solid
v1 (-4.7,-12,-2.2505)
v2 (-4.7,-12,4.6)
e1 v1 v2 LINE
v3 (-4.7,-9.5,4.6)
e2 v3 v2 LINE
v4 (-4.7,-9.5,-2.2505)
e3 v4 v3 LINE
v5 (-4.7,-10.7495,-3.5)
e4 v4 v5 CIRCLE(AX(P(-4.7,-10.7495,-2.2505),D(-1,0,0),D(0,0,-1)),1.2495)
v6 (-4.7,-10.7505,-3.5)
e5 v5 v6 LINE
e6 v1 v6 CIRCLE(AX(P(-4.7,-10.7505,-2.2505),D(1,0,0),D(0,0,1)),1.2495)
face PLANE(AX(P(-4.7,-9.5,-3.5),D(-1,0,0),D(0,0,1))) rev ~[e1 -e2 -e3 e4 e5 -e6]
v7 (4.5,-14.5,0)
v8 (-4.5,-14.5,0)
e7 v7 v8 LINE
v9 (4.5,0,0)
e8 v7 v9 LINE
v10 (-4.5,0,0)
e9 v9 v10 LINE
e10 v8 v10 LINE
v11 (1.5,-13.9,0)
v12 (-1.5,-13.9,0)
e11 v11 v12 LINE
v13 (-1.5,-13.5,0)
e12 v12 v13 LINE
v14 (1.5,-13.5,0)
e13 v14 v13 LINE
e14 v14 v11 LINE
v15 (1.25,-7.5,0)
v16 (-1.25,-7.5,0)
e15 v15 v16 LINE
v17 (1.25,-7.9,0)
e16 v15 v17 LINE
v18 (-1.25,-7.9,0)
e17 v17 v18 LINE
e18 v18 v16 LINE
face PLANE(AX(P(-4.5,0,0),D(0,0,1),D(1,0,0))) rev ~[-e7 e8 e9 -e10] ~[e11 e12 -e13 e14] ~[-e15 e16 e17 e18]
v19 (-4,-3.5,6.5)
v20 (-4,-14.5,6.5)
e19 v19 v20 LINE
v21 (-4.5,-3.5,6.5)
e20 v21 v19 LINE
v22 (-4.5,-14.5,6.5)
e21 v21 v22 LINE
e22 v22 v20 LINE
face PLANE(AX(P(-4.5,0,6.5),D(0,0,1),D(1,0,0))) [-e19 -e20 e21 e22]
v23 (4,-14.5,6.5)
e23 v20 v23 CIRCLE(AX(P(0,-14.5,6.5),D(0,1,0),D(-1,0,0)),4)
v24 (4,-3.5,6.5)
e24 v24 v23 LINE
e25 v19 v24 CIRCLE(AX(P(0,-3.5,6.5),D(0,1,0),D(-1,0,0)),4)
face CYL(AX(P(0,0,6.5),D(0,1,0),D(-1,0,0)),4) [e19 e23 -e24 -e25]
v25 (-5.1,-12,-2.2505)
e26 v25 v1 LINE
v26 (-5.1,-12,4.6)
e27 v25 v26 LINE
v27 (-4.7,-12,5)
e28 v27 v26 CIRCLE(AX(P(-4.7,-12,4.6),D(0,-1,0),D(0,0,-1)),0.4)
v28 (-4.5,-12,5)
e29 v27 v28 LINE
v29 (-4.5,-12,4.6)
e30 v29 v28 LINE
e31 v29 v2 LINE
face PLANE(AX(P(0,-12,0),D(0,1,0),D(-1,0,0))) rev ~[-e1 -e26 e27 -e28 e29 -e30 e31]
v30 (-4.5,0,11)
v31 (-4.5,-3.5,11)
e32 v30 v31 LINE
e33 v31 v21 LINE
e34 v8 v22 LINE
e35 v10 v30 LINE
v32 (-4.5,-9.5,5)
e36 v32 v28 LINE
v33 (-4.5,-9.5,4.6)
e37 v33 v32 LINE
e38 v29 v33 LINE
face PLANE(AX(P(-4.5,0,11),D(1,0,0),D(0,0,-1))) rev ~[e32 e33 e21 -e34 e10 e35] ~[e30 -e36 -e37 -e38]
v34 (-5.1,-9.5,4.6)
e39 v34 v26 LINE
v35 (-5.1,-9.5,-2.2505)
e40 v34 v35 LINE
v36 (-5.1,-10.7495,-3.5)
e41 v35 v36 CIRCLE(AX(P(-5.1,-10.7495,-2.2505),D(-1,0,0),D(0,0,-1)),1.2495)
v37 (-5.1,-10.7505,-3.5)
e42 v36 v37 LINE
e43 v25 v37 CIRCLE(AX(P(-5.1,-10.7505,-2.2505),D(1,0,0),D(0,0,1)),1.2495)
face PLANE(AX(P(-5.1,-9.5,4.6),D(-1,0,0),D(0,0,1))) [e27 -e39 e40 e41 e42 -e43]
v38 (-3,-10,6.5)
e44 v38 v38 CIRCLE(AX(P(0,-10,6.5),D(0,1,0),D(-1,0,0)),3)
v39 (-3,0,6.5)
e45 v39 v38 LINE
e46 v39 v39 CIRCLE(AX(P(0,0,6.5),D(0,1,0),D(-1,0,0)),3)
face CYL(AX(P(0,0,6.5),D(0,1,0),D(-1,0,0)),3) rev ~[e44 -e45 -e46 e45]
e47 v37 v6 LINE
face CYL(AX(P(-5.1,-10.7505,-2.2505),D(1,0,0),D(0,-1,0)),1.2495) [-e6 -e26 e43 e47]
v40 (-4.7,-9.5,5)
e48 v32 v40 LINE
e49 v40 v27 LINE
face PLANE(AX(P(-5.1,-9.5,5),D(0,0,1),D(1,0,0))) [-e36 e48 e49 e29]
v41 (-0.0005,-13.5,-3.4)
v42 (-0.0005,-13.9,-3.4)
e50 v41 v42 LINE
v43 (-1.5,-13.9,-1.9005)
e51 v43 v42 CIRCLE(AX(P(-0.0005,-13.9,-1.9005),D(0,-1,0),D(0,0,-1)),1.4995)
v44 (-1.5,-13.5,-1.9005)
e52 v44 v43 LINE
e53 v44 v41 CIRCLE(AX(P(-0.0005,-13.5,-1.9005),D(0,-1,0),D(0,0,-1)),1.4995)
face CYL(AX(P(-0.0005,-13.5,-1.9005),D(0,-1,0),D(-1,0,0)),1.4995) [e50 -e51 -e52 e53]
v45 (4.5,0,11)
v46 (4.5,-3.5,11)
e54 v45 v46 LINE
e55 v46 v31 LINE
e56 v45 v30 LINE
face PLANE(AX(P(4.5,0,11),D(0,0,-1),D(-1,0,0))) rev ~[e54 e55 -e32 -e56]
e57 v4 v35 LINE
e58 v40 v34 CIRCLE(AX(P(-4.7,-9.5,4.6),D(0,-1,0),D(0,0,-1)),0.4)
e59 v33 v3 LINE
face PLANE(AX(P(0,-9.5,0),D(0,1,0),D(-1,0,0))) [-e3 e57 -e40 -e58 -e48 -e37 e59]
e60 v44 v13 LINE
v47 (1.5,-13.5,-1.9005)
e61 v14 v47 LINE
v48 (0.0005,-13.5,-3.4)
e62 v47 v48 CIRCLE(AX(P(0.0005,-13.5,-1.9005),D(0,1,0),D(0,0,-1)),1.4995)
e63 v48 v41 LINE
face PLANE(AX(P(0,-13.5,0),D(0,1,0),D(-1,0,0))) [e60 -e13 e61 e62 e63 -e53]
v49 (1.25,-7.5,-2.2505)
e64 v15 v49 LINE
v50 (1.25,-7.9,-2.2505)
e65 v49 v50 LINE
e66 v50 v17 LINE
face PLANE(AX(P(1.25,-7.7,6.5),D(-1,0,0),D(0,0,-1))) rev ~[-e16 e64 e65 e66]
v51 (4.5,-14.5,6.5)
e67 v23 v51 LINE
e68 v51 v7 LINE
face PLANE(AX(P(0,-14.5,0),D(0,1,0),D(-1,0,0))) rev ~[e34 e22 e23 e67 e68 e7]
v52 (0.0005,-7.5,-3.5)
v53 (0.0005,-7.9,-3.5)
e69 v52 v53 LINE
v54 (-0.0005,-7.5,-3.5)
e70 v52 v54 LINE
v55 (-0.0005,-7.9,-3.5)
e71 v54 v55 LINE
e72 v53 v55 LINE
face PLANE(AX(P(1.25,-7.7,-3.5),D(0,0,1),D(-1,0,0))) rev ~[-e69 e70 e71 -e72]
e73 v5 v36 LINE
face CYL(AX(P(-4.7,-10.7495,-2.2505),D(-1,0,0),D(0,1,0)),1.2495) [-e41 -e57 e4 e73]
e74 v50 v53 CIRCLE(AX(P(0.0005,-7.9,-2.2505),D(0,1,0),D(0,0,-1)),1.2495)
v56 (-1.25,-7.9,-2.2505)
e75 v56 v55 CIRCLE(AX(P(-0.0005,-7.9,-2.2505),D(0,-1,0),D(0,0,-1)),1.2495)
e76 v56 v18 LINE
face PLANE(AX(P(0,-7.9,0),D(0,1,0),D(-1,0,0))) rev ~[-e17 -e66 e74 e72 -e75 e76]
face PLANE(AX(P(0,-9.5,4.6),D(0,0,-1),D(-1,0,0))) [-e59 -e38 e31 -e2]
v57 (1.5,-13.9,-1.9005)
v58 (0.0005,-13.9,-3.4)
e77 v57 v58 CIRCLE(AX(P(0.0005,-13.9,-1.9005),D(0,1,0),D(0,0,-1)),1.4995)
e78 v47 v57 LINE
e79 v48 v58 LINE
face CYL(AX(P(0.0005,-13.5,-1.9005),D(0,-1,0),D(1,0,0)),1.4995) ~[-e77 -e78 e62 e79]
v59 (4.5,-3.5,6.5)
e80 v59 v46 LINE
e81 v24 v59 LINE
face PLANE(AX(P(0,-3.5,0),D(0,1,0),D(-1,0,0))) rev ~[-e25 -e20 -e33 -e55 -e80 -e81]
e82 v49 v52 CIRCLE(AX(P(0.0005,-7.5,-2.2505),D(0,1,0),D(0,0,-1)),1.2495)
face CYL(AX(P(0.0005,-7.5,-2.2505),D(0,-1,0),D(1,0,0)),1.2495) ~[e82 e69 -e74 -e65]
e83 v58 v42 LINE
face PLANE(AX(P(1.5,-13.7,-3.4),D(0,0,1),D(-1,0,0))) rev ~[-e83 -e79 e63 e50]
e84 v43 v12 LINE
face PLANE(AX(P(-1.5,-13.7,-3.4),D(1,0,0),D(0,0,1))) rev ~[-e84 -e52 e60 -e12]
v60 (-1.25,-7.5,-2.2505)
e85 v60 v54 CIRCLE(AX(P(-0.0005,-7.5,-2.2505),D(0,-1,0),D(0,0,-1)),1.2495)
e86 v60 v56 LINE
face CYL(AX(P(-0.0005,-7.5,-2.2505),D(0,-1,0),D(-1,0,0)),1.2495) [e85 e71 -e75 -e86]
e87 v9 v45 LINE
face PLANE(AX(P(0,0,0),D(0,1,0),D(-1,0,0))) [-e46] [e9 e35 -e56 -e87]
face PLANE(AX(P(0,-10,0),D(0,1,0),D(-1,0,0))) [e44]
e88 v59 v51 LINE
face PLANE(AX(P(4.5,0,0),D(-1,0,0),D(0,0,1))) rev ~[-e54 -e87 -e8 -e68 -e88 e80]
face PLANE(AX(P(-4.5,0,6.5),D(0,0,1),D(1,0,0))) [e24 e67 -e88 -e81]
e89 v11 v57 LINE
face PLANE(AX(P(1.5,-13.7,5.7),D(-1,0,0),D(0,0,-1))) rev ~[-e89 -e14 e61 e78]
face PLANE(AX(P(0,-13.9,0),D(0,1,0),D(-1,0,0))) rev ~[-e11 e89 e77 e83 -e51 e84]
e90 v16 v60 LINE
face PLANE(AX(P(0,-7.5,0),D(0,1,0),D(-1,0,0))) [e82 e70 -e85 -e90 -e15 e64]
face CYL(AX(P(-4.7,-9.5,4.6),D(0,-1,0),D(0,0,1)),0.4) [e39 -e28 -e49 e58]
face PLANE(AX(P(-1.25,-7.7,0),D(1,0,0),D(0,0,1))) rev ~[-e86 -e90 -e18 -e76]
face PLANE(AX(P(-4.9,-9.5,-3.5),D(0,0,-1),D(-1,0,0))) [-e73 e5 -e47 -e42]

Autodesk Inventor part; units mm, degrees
sketch "スケッチ1" plane through (0, 0, 0) normal (0, 1, 0) x (-1, 0, 0)
  line L0 (-4.5, 11) -> (4.5, 11)
  line L1 (4.5, 11) -> (4.5, 0)
  line L2 (4.5, 0) -> (-4.5, 0)
  line L3 (-4.5, 0) -> (-4.5, 11)
  point P0 (0, 0)
  dimension "d0" = 9
  dimension "d1" = 4.5
  dimension "d2" = 11
extrude "押し出し1" add sketch "スケッチ1" against normal blind 3.5
sketch "スケッチ3" plane through (0, 0, 0) normal (0, 1, 0) x (-1, 0, 0)
  circle A0 centre (0, 6.5) radius 4
  line L0 (-4, 6.5) -> (4, 6.5)
  line L1 (4, 6.5) -> (4, 0)
  line L2 (4, 0) -> (-4, 0)
  line L3 (-4, 0) -> (-4, 6.5)
  point P0 (0, 0)
  dimension "d9" = 8
  dimension "d10" = 6.5
extrude "押し出し3" add sketch "スケッチ3" against normal blind 14.5
ref_plane "作業平面1" through (0, -9.5, 0) normal (0, 1, 0) x (-1, 0, 0)
sketch "スケッチ4" plane through (0, 0, 0) normal (0, 1, 0) x (-1, 0, 0)
  point P0 (0, 0)
sketch "スケッチ5" plane through (0, 0, 0) normal (0, 1, 0) x (-1, 0, 0)
  line L0 (-4.5, 0) -> (4.5, 0)
  line L1 (4.5, 0) -> (4.5, 6.5)
  line L2 (4.5, 6.5) -> (-4.5, 6.5)
  line L3 (-4.5, 6.5) -> (-4.5, 0)
  point P0 (0, 0)
  dimension "d14" = 4.5
  dimension "d15" = 9
  dimension "d16" = 6.5
extrude "押し出し4" add sketch "スケッチ5" against normal blind 14.5
sketch "スケッチ6" plane through (0, -9.5, 0) normal (0, 1, 0) x (-1, 0, 0)
  line L0 (5.1, 5) -> (4.9, 5)
  line L1 (4.9, 5) -> (4.9, -3.5)
  line L2 (4.9, -3.5) -> (5.1, -3.5)
  line L3 (5.1, -3.5) -> (5.1, 5)
  line L4 (0, -13.24) -> (0, 15.04) projected
  line L5 (4.7, 5) -> (4.9, 5)
  line L6 (4.9, 5) -> (4.9, -3.5)
  line L7 (4.9, -3.5) -> (4.7, -3.5)
  line L8 (4.7, -3.5) -> (4.7, 5)
  line L9 (5.1, 5) -> (0, 5)
  line L10 (0, 5) -> (0, 4.6)
  line L11 (0, 4.6) -> (5.1, 4.6)
  line L12 (5.1, 4.6) -> (5.1, 5)
  point P0 (0, 0)
  dimension "d19" = 4.9
  dimension "d20" = 0.2
  dimension "d21" = 3.5
  dimension "d22" = 5
  dimension "d27" = 0.2
  dimension "d28" = 0.4
extrude "押し出し5" add sketch "スケッチ6" against normal blind 2.5
ref_plane "作業平面2" through (0, -10.75, 0) normal (0, 1, 0) x (-1, 0, 0)
fillet "フィレット1" radius 0.4 1 edges at (-5.1, -10.75, 5)
ref_plane "作業平面4" through (0, -13.7, 0) normal (0, 1, 0) x (-1, 0, 0)
sketch "スケッチ7" plane through (0, -13.7, 0) normal (0, 1, 0) x (-1, 0, 0)
  line L0 (1.5, 5.7) -> (-1.5, 5.7)
  line L1 (-1.5, 5.7) -> (-1.5, -3.4)
  line L2 (-1.5, -3.4) -> (1.5, -3.4)
  line L3 (1.5, -3.4) -> (1.5, 5.7)
  point P0 (0, 0)
  dimension "d31" = 1.5
  dimension "d32" = 3
extrude "押し出し6" add sketch "スケッチ7" along normal mid plane 0.4
fillet "フィレット2" radius 1.5 1 edges at (-1.5, -13.7, -3.4)
fillet "フィレット2" radius 1.5 1 edges at (1.5, -13.7, -3.4)
ref_plane "作業平面5" through (0, -7.7, 0) normal (0, 1, 0) x (-1, 0, 0)
sketch "スケッチ8" plane through (0, -7.7, 0) normal (0, 1, 0) x (-1, 0, 0)
  line L0 (1.25, 6.5) -> (-1.25, 6.5)
  line L1 (-1.25, 6.5) -> (-1.25, -3.5)
  line L2 (-1.25, -3.5) -> (1.25, -3.5)
  line L3 (1.25, -3.5) -> (1.25, 6.5)
  line L4 (4.5, 0) -> (-4.5, 0) projected
  point P0 (0, 0)
  dimension "d38" = 3.5
  dimension "d39" = 2.5
  dimension "d40" = 1.25
  dimension "d41" = 6.5
extrude "押し出し7" add sketch "スケッチ8" along normal mid plane 0.4
fillet "フィレット3" radius 1.25 1 edges at (1.25, -7.7, -3.5)
fillet "フィレット3" radius 1.25 3 edges at (-1.25, -7.7, -3.5) (-4.9, -9.5, -3.5) (-4.9, -12, -3.5)
sketch "スケッチ9" plane through (0, 0, 0) normal (0, 1, 0) x (-1, 0, 0)
  circle A0 centre (0, 6.5) radius 3
  point P0 (0, 0)
  dimension "d46" = 6
  dimension "d47" = 6.5
extrude "押し出し8" cut sketch "スケッチ9" against normal blind 10
sketch "スケッチ2" plane through (0, 0, 0) normal (0, 1, 0) x (-1, 0, 0)
  circle A0 centre (0, 6.5) radius 3
  line L0 (4.5, 0) -> (-4.5, 0) projected
  point P0 (0, 0)
  dimension "d5" = 6
  dimension "d6" = 6.5
properties part number "MJ179PH"
